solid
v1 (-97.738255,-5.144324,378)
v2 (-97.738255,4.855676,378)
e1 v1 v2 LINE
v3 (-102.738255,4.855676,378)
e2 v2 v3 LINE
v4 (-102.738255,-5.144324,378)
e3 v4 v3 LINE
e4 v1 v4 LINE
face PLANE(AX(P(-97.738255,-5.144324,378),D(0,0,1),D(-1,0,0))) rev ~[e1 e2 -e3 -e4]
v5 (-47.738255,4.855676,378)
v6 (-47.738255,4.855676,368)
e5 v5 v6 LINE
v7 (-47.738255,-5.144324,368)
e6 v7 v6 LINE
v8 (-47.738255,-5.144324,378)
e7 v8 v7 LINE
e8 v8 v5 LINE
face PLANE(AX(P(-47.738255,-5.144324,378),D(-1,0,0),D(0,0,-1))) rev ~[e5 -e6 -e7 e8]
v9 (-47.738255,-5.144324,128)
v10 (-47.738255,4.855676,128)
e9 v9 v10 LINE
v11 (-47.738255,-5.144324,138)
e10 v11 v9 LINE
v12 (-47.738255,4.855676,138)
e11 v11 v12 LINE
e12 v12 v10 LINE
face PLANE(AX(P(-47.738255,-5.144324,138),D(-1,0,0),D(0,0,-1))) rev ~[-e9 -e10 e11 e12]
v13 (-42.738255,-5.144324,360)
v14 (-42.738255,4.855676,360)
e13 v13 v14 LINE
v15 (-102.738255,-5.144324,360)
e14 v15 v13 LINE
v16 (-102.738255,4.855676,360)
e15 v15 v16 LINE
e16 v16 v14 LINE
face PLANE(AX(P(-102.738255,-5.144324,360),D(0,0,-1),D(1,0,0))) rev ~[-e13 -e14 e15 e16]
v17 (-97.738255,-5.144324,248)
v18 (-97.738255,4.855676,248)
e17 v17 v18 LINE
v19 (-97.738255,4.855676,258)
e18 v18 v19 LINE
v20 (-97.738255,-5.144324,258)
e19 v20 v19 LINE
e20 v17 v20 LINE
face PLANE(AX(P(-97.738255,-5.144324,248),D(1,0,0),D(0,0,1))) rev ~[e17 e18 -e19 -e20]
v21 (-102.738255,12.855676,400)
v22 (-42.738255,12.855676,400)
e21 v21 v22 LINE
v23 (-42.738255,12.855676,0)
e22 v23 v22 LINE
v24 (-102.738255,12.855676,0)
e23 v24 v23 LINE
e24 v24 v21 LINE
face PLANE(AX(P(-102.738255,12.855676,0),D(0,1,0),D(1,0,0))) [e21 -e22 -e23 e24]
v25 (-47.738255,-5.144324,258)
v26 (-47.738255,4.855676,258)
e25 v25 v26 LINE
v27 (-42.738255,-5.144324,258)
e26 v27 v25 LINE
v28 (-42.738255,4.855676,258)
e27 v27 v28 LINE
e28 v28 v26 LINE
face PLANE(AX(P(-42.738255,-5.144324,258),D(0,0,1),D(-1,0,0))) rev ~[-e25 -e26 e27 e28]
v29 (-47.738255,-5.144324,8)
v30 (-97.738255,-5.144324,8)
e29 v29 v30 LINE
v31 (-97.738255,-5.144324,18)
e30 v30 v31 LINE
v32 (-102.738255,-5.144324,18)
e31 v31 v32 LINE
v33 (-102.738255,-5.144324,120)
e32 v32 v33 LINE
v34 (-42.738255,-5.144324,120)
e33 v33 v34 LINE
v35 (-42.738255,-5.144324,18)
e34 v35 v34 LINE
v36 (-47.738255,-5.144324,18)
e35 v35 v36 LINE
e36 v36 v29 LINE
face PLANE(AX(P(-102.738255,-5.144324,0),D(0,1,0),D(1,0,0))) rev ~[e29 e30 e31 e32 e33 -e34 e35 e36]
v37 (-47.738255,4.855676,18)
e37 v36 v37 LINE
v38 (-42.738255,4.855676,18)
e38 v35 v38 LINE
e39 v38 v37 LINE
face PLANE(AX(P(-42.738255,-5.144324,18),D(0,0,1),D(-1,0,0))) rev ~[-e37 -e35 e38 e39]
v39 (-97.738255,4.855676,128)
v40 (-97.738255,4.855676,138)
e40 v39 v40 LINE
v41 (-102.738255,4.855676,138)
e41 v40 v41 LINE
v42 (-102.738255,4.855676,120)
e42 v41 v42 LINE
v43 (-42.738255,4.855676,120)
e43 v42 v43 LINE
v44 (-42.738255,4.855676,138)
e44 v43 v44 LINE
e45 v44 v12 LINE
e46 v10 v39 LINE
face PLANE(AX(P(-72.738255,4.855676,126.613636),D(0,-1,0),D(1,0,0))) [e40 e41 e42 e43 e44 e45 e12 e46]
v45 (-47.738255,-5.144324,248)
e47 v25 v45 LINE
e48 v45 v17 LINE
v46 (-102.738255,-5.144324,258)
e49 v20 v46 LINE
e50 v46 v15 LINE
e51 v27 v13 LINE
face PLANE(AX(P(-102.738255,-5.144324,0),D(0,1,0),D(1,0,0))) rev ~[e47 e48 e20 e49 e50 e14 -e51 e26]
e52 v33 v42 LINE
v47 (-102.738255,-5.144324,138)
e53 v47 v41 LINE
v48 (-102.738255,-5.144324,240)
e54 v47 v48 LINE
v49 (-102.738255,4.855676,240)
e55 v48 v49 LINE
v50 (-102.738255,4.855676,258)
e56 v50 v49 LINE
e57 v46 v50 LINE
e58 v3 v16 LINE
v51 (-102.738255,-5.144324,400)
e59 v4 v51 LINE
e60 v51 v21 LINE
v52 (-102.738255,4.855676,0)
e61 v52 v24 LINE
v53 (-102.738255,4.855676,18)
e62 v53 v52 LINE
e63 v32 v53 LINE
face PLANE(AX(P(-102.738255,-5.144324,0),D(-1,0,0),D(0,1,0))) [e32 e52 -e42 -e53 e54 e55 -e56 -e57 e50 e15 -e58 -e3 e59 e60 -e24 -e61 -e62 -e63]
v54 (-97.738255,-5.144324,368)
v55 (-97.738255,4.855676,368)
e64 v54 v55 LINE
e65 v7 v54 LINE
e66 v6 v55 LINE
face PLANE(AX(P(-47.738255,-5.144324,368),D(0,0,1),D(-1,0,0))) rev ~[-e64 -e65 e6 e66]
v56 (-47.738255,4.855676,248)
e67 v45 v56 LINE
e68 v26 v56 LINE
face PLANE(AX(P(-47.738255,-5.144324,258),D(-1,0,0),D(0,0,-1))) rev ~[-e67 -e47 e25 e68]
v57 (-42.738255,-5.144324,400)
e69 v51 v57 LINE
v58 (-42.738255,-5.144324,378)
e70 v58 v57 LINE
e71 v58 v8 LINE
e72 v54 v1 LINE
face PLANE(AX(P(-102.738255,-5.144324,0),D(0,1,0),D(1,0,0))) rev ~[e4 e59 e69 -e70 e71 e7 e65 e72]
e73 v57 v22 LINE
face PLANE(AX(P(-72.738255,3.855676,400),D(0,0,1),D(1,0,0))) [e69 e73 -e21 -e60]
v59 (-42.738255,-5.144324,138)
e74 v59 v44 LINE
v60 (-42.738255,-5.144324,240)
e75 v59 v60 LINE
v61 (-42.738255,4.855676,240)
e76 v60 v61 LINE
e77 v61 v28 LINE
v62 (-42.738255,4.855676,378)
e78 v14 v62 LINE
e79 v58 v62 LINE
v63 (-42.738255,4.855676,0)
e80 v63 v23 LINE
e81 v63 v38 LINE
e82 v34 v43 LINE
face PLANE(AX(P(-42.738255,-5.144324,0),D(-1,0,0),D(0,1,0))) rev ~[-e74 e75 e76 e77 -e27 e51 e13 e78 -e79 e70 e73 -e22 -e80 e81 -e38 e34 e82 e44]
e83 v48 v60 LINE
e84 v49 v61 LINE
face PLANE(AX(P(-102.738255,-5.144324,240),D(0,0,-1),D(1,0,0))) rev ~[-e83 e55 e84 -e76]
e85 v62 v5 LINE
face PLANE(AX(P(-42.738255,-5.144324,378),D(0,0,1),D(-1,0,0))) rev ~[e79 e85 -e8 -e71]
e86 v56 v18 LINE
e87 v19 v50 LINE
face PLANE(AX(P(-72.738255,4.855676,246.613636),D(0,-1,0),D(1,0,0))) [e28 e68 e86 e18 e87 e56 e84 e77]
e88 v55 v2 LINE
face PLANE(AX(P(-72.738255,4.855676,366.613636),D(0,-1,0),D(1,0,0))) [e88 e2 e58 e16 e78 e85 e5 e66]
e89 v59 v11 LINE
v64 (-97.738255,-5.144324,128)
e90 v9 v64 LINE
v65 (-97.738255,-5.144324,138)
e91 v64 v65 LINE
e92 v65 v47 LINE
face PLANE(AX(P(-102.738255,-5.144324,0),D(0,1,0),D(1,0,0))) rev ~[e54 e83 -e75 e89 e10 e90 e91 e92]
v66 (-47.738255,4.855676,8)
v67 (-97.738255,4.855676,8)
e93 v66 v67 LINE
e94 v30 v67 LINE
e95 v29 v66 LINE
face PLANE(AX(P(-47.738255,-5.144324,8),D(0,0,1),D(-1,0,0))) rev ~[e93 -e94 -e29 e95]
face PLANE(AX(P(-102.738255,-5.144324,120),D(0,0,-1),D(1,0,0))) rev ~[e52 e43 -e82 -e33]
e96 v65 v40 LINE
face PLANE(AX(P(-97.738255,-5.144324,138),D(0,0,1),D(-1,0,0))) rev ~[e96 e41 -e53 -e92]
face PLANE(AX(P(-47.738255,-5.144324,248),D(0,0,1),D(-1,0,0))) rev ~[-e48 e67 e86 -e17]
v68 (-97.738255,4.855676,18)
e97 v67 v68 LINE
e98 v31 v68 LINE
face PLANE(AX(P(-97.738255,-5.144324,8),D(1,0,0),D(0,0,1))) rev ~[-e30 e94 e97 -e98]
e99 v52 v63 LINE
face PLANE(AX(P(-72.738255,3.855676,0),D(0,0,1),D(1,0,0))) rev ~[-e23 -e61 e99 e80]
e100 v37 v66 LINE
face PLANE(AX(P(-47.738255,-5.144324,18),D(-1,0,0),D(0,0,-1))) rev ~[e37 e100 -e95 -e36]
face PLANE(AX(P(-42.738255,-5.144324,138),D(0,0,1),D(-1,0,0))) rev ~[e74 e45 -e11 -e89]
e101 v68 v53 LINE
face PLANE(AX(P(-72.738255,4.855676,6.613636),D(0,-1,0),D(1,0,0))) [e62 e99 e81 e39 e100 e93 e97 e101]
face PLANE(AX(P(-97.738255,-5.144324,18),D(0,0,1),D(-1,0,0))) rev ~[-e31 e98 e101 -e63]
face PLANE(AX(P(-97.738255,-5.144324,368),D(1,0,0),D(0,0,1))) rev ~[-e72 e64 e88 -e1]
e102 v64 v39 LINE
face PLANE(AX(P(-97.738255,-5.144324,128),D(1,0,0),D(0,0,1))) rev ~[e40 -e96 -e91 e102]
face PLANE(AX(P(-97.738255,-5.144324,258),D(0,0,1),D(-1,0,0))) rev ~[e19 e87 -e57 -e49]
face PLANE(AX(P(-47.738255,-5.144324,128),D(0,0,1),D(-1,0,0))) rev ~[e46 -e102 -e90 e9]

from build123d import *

# Parameters (mm, degrees)
F0_W     = 60
F0_H     = 18
F1_DEPTH = 400
F3_DEPTH = 10


with BuildPart() as f1:
    # F0 (on Top) → F1 (new body)
    with BuildSketch(Plane.XY):
        with Locations((-72.738255, 3.855676)):
            Rectangle(F0_W, F0_H)
    extrude(amount=F1_DEPTH)

    # F2 (on face) → F3 (cut)
    with BuildSketch(Plane.XZ.offset(5.144324)):
        Polygon((-102.738255, 0), (-42.738255, 0), (-42.738255, 18), (-47.738255, 18), (-47.738255, 8), (-97.738255, 8), (-97.738255, 18), (-102.738255, 18), align=None)
        Polygon((-102.738255, 138), (-102.738255, 120), (-42.738255, 120), (-42.738255, 138), (-47.738255, 138), (-47.738255, 128), (-97.738255, 128), (-97.738255, 138), align=None)
        Polygon((-102.738255, 258), (-102.738255, 240), (-42.738255, 240), (-42.738255, 258), (-47.738255, 258), (-47.738255, 248), (-97.738255, 248), (-97.738255, 258), align=None)
        Polygon((-102.738255, 378), (-102.738255, 360), (-42.738255, 360), (-42.738255, 378), (-47.738255, 378), (-47.738255, 368), (-97.738255, 368), (-97.738255, 378), align=None)
    extrude(amount=-F3_DEPTH, mode=Mode.SUBTRACT)


solid = f1.part
